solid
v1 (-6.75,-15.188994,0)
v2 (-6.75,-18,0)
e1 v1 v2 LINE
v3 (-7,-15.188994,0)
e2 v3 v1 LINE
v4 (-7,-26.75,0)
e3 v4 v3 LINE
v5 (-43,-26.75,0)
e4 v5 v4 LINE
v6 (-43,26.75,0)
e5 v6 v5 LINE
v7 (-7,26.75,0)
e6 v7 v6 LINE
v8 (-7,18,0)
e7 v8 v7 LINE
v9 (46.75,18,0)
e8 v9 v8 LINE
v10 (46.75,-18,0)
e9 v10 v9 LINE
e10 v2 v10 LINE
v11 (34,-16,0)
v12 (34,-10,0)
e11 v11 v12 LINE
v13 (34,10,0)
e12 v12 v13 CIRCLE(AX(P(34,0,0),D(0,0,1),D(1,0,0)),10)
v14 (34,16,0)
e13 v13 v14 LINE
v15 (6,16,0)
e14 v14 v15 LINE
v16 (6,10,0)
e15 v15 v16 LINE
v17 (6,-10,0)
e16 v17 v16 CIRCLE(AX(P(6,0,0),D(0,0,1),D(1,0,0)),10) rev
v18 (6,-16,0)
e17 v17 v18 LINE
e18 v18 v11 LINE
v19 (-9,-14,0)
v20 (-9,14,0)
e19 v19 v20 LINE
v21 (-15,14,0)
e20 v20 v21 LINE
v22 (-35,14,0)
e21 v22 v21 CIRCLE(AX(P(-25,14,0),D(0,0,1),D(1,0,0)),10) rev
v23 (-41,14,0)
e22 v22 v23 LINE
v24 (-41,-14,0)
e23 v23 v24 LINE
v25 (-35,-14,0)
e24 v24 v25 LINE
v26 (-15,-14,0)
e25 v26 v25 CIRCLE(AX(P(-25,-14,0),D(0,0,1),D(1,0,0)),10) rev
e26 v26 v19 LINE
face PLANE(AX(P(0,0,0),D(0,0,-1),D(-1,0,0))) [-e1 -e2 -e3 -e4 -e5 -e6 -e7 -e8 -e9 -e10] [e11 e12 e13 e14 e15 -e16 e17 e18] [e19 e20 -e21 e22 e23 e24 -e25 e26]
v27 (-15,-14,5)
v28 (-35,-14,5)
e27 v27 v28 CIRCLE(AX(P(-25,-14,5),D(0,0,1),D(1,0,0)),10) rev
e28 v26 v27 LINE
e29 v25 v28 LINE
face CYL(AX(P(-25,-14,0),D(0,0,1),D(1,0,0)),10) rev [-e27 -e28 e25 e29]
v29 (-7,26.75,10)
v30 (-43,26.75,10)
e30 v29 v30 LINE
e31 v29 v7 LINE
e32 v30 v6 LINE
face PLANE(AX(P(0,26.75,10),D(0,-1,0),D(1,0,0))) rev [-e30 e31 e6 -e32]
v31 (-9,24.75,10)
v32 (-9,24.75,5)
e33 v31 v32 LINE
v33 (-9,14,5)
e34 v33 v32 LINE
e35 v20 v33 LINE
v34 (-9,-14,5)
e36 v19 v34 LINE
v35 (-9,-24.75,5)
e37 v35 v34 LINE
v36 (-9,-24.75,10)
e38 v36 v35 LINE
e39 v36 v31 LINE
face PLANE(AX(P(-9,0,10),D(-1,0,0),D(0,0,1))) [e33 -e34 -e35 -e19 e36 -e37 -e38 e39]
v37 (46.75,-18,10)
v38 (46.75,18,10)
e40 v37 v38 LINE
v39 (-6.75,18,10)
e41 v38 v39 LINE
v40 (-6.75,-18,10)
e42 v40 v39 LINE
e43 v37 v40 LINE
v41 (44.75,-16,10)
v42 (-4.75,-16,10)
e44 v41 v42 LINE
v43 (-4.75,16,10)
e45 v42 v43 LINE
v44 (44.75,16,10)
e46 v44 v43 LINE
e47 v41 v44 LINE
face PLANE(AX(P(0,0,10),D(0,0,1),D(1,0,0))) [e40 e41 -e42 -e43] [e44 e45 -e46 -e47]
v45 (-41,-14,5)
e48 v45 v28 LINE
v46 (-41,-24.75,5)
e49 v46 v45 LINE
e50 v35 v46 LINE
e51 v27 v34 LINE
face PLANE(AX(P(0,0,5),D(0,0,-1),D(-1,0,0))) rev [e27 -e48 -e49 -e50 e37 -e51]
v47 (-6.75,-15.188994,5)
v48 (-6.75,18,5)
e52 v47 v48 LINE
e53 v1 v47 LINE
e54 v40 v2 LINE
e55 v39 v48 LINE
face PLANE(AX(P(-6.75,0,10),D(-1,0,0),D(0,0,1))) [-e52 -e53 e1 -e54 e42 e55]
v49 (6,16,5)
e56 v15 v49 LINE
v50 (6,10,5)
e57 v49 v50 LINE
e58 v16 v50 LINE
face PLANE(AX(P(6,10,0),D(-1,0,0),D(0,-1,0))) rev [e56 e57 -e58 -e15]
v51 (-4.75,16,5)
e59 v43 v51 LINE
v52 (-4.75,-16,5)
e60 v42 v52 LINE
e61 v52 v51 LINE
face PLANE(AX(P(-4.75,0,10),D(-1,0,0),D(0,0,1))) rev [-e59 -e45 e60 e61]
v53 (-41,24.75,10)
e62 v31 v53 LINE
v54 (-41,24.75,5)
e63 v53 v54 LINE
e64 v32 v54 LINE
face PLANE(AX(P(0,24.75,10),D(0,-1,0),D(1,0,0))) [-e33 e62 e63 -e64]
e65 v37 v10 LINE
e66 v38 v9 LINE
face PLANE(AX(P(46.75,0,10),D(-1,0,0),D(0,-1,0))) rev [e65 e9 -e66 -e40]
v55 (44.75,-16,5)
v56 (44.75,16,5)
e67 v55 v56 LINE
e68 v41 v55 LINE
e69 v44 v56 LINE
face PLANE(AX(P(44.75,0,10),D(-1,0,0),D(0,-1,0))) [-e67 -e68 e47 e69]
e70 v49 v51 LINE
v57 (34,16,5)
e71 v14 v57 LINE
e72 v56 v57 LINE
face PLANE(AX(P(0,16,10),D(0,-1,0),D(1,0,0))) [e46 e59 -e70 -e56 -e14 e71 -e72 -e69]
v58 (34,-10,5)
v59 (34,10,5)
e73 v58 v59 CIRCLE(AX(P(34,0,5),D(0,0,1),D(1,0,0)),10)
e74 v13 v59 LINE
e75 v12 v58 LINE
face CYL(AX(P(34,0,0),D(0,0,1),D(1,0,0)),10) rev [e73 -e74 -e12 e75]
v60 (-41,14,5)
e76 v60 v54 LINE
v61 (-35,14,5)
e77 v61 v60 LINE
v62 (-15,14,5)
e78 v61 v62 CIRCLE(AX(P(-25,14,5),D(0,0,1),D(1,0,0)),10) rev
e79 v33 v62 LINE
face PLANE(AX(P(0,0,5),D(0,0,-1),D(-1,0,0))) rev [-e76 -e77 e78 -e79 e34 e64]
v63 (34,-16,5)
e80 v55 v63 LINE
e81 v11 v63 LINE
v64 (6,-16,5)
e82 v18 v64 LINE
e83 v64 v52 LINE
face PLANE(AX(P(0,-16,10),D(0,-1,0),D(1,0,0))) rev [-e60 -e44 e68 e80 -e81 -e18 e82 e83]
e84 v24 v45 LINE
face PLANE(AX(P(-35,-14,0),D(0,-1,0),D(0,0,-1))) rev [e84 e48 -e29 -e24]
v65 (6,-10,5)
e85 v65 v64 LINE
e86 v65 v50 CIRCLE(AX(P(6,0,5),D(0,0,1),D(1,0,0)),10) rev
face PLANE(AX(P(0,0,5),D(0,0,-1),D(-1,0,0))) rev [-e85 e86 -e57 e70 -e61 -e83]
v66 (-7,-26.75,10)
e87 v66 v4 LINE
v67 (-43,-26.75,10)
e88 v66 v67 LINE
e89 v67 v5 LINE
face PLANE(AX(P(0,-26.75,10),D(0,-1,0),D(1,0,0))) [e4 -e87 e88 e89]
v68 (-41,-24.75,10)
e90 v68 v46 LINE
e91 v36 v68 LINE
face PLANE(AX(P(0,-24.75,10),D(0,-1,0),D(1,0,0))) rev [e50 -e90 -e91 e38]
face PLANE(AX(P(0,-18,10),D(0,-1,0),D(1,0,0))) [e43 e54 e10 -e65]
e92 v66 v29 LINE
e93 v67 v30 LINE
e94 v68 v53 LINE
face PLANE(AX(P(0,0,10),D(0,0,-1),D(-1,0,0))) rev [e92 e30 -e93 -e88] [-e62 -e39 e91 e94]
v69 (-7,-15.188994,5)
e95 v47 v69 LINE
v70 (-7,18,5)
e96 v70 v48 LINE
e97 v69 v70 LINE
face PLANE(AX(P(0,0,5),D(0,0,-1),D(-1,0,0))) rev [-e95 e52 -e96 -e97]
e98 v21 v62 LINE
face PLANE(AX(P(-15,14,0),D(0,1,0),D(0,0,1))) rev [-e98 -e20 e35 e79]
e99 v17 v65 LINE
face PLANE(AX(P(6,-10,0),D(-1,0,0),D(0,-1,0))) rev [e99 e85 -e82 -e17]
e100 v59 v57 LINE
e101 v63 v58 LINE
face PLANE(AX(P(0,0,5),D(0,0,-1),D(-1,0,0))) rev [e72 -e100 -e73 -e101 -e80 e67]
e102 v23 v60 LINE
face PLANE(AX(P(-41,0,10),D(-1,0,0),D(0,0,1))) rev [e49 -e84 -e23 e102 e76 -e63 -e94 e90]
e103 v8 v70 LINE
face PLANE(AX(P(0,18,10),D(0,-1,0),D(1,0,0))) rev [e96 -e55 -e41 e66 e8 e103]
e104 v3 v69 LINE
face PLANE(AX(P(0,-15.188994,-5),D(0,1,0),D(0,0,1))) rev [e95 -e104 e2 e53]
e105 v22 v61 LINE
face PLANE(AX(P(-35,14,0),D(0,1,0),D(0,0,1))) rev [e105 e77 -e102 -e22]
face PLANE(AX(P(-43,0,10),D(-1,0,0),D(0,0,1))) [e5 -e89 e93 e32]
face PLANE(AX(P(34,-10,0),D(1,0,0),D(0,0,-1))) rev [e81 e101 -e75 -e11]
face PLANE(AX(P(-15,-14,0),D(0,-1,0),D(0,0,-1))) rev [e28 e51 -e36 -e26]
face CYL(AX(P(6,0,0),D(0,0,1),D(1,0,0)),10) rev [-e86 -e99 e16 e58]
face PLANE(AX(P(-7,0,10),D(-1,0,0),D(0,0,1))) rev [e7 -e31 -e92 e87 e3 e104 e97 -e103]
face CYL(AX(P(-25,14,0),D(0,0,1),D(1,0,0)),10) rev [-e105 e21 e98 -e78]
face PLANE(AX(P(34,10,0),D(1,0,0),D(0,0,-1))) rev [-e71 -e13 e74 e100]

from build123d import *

# Parameters (mm, degrees)
SKETCH1_W           = 100
SKETCH1_H           = 55
BOSS_EXTRUDE1_DEPTH = 5
SKETCH2_W           = 36
SKETCH2_H           = 53.5
SKETCH2_W_2         = 32
SKETCH2_H_2         = 49.5
SKETCH2_W_3         = 53.5
SKETCH2_H_3         = 36
SKETCH2_W_4         = 49.5
SKETCH2_H_4         = 32
EXTRUDE_THIN3_DEPTH = 5
SKETCH3_W           = 10
SKETCH3_H           = 14
CUT_EXTRUDE1_DEPTH  = 5
SKETCH4_W           = 14
SKETCH4_H           = 10
CUT_EXTRUDE2_DEPTH  = 5
SKETCH5_W           = 6
SKETCH5_H           = 28
SKETCH5_W_2         = 28
SKETCH5_H_2         = 6
CUT_EXTRUDE3_DEPTH  = 5
CUT_EXTRUDE4_DEPTH  = 10
SKETCH7_W           = 3.25
SKETCH7_H           = 5
CUT_EXTRUDE5_DEPTH  = 10


with BuildPart() as part:
    # Sketch1 → Boss-Extrude1 (new body)
    with BuildSketch(Plane.XY):
        Rectangle(SKETCH1_W, SKETCH1_H)
    extrude(amount=BOSS_EXTRUDE1_DEPTH)

    # Sketch2 → Extrude-Thin3 (add)
    # profile 1 of 2: a face of its own
    with BuildSketch(Plane.XY.offset(5)):
        with Locations((-25, 0)):
            Rectangle(SKETCH2_W, SKETCH2_H)
        with Locations((-25, 0)):
            Rectangle(SKETCH2_W_2, SKETCH2_H_2, mode=Mode.SUBTRACT)
    # profile 2 of 2: a face of its own
    with BuildSketch(Plane.XY.offset(5)):
        with Locations((20, 0)):
            Rectangle(SKETCH2_W_3, SKETCH2_H_3)
        with Locations((20, 0)):
            Rectangle(SKETCH2_W_4, SKETCH2_H_4, mode=Mode.SUBTRACT)
    extrude(amount=EXTRUDE_THIN3_DEPTH)

    # Sketch3 → Cut-Extrude1 (cut)
    with BuildSketch(Plane.XY.offset(5)):
        with BuildLine():
            ThreePointArc((-25, 24), (-32.071067812, 21.071067812), (-35, 14))
            Line((-35, 14), (-25, 14))
            Line((-25, 14), (-25, 24))
        make_face()
        with BuildLine():
            Line((-25, 24), (-25, 14))
            Line((-25, 14), (-15, 14))
            ThreePointArc((-15, 14), (-17.928932188, 21.071067812), (-25, 24))
        make_face()
        with Locations((-30, 7)):
            Rectangle(SKETCH3_W, SKETCH3_H)
        with Locations((-20, 7)):
            Rectangle(SKETCH3_W, SKETCH3_H)
        with Locations((-20, -7)):
            Rectangle(SKETCH3_W, SKETCH3_H)
        with Locations((-30, -7)):
            Rectangle(SKETCH3_W, SKETCH3_H)
        with BuildLine():
            Line((-25, -14), (-35, -14))
            ThreePointArc((-35, -14), (-32.071067812, -21.071067812), (-25, -24))
            Line((-25, -24), (-25, -14))
        make_face()
        with BuildLine():
            Line((-15, -14), (-25, -14))
            Line((-25, -14), (-25, -24))
            ThreePointArc((-25, -24), (-17.928932188, -21.071067812), (-15, -14))
        make_face()
    extrude(amount=-CUT_EXTRUDE1_DEPTH, mode=Mode.SUBTRACT)

    # Sketch4 → Cut-Extrude2 (cut)
    with BuildSketch(Plane.XY.offset(5)):
        with Locations((13, 5)):
            Rectangle(SKETCH4_W, SKETCH4_H)
        with Locations((27, 5)):
            Rectangle(SKETCH4_W, SKETCH4_H)
        with Locations((27, -5)):
            Rectangle(SKETCH4_W, SKETCH4_H)
        with Locations((13, -5)):
            Rectangle(SKETCH4_W, SKETCH4_H)
        with BuildLine():
            Line((6, 0), (6, 10))
            ThreePointArc((6, 10), (-1.071067812, 7.071067812), (-4, 0))
            Line((-4, 0), (6, 0))
        make_face()
        with BuildLine():
            Line((6, -10), (6, 0))
            Line((6, 0), (-4, 0))
            ThreePointArc((-4, 0), (-1.071067812, -7.071067812), (6, -10))
        make_face()
        with BuildLine():
            ThreePointArc((44, 0), (41.071067812, 7.071067812), (34, 10))
            Line((34, 10), (34, 0))
            Line((34, 0), (44, 0))
        make_face()
        with BuildLine():
            Line((44, 0), (34, 0))
            Line((34, 0), (34, -10))
            ThreePointArc((34, -10), (41.071067812, -7.071067812), (44, 0))
        make_face()
    extrude(amount=-CUT_EXTRUDE2_DEPTH, mode=Mode.SUBTRACT)

    # Sketch5 → Cut-Extrude3 (cut)
    with BuildSketch(Plane.XY.offset(5)):
        with Locations((-12, 0)):
            Rectangle(SKETCH5_W, SKETCH5_H)
        with Locations((-38, 0)):
            Rectangle(SKETCH5_W, SKETCH5_H)
        with Locations((20, 13)):
            Rectangle(SKETCH5_W_2, SKETCH5_H_2)
        with Locations((20, -13)):
            Rectangle(SKETCH5_W_2, SKETCH5_H_2)
    extrude(amount=-CUT_EXTRUDE3_DEPTH, mode=Mode.SUBTRACT)

    # Sketch6 → Cut-Extrude4 (cut)
    with BuildSketch(Plane.XY.offset(5)):
        Polygon((-50, 27.5), (-50, -27.5), (50, -27.5), (50, -18), (-6.75, -18), (-6.75, -15.188993876), (-7, -15.188993876), (-7, -26.75), (-43, -26.75), (-43, 26.75), (-7, 26.75), (-7, 18), (46.75, 18), (46.75, -15.188993876), (50, -15.188993876), (50, 27.5), align=None)
    extrude(amount=-CUT_EXTRUDE4_DEPTH, mode=Mode.SUBTRACT)

    # Sketch7 → Cut-Extrude5 (cut)
    with BuildSketch(Plane(origin=(0, -15.188993876, 0), x_dir=(1, 0, 0), z_dir=(0, 1, 0))):
        with Locations((48.375, -2.5)):
            Rectangle(SKETCH7_W, SKETCH7_H)
    extrude(amount=-CUT_EXTRUDE5_DEPTH, mode=Mode.SUBTRACT)


solid = part.part
